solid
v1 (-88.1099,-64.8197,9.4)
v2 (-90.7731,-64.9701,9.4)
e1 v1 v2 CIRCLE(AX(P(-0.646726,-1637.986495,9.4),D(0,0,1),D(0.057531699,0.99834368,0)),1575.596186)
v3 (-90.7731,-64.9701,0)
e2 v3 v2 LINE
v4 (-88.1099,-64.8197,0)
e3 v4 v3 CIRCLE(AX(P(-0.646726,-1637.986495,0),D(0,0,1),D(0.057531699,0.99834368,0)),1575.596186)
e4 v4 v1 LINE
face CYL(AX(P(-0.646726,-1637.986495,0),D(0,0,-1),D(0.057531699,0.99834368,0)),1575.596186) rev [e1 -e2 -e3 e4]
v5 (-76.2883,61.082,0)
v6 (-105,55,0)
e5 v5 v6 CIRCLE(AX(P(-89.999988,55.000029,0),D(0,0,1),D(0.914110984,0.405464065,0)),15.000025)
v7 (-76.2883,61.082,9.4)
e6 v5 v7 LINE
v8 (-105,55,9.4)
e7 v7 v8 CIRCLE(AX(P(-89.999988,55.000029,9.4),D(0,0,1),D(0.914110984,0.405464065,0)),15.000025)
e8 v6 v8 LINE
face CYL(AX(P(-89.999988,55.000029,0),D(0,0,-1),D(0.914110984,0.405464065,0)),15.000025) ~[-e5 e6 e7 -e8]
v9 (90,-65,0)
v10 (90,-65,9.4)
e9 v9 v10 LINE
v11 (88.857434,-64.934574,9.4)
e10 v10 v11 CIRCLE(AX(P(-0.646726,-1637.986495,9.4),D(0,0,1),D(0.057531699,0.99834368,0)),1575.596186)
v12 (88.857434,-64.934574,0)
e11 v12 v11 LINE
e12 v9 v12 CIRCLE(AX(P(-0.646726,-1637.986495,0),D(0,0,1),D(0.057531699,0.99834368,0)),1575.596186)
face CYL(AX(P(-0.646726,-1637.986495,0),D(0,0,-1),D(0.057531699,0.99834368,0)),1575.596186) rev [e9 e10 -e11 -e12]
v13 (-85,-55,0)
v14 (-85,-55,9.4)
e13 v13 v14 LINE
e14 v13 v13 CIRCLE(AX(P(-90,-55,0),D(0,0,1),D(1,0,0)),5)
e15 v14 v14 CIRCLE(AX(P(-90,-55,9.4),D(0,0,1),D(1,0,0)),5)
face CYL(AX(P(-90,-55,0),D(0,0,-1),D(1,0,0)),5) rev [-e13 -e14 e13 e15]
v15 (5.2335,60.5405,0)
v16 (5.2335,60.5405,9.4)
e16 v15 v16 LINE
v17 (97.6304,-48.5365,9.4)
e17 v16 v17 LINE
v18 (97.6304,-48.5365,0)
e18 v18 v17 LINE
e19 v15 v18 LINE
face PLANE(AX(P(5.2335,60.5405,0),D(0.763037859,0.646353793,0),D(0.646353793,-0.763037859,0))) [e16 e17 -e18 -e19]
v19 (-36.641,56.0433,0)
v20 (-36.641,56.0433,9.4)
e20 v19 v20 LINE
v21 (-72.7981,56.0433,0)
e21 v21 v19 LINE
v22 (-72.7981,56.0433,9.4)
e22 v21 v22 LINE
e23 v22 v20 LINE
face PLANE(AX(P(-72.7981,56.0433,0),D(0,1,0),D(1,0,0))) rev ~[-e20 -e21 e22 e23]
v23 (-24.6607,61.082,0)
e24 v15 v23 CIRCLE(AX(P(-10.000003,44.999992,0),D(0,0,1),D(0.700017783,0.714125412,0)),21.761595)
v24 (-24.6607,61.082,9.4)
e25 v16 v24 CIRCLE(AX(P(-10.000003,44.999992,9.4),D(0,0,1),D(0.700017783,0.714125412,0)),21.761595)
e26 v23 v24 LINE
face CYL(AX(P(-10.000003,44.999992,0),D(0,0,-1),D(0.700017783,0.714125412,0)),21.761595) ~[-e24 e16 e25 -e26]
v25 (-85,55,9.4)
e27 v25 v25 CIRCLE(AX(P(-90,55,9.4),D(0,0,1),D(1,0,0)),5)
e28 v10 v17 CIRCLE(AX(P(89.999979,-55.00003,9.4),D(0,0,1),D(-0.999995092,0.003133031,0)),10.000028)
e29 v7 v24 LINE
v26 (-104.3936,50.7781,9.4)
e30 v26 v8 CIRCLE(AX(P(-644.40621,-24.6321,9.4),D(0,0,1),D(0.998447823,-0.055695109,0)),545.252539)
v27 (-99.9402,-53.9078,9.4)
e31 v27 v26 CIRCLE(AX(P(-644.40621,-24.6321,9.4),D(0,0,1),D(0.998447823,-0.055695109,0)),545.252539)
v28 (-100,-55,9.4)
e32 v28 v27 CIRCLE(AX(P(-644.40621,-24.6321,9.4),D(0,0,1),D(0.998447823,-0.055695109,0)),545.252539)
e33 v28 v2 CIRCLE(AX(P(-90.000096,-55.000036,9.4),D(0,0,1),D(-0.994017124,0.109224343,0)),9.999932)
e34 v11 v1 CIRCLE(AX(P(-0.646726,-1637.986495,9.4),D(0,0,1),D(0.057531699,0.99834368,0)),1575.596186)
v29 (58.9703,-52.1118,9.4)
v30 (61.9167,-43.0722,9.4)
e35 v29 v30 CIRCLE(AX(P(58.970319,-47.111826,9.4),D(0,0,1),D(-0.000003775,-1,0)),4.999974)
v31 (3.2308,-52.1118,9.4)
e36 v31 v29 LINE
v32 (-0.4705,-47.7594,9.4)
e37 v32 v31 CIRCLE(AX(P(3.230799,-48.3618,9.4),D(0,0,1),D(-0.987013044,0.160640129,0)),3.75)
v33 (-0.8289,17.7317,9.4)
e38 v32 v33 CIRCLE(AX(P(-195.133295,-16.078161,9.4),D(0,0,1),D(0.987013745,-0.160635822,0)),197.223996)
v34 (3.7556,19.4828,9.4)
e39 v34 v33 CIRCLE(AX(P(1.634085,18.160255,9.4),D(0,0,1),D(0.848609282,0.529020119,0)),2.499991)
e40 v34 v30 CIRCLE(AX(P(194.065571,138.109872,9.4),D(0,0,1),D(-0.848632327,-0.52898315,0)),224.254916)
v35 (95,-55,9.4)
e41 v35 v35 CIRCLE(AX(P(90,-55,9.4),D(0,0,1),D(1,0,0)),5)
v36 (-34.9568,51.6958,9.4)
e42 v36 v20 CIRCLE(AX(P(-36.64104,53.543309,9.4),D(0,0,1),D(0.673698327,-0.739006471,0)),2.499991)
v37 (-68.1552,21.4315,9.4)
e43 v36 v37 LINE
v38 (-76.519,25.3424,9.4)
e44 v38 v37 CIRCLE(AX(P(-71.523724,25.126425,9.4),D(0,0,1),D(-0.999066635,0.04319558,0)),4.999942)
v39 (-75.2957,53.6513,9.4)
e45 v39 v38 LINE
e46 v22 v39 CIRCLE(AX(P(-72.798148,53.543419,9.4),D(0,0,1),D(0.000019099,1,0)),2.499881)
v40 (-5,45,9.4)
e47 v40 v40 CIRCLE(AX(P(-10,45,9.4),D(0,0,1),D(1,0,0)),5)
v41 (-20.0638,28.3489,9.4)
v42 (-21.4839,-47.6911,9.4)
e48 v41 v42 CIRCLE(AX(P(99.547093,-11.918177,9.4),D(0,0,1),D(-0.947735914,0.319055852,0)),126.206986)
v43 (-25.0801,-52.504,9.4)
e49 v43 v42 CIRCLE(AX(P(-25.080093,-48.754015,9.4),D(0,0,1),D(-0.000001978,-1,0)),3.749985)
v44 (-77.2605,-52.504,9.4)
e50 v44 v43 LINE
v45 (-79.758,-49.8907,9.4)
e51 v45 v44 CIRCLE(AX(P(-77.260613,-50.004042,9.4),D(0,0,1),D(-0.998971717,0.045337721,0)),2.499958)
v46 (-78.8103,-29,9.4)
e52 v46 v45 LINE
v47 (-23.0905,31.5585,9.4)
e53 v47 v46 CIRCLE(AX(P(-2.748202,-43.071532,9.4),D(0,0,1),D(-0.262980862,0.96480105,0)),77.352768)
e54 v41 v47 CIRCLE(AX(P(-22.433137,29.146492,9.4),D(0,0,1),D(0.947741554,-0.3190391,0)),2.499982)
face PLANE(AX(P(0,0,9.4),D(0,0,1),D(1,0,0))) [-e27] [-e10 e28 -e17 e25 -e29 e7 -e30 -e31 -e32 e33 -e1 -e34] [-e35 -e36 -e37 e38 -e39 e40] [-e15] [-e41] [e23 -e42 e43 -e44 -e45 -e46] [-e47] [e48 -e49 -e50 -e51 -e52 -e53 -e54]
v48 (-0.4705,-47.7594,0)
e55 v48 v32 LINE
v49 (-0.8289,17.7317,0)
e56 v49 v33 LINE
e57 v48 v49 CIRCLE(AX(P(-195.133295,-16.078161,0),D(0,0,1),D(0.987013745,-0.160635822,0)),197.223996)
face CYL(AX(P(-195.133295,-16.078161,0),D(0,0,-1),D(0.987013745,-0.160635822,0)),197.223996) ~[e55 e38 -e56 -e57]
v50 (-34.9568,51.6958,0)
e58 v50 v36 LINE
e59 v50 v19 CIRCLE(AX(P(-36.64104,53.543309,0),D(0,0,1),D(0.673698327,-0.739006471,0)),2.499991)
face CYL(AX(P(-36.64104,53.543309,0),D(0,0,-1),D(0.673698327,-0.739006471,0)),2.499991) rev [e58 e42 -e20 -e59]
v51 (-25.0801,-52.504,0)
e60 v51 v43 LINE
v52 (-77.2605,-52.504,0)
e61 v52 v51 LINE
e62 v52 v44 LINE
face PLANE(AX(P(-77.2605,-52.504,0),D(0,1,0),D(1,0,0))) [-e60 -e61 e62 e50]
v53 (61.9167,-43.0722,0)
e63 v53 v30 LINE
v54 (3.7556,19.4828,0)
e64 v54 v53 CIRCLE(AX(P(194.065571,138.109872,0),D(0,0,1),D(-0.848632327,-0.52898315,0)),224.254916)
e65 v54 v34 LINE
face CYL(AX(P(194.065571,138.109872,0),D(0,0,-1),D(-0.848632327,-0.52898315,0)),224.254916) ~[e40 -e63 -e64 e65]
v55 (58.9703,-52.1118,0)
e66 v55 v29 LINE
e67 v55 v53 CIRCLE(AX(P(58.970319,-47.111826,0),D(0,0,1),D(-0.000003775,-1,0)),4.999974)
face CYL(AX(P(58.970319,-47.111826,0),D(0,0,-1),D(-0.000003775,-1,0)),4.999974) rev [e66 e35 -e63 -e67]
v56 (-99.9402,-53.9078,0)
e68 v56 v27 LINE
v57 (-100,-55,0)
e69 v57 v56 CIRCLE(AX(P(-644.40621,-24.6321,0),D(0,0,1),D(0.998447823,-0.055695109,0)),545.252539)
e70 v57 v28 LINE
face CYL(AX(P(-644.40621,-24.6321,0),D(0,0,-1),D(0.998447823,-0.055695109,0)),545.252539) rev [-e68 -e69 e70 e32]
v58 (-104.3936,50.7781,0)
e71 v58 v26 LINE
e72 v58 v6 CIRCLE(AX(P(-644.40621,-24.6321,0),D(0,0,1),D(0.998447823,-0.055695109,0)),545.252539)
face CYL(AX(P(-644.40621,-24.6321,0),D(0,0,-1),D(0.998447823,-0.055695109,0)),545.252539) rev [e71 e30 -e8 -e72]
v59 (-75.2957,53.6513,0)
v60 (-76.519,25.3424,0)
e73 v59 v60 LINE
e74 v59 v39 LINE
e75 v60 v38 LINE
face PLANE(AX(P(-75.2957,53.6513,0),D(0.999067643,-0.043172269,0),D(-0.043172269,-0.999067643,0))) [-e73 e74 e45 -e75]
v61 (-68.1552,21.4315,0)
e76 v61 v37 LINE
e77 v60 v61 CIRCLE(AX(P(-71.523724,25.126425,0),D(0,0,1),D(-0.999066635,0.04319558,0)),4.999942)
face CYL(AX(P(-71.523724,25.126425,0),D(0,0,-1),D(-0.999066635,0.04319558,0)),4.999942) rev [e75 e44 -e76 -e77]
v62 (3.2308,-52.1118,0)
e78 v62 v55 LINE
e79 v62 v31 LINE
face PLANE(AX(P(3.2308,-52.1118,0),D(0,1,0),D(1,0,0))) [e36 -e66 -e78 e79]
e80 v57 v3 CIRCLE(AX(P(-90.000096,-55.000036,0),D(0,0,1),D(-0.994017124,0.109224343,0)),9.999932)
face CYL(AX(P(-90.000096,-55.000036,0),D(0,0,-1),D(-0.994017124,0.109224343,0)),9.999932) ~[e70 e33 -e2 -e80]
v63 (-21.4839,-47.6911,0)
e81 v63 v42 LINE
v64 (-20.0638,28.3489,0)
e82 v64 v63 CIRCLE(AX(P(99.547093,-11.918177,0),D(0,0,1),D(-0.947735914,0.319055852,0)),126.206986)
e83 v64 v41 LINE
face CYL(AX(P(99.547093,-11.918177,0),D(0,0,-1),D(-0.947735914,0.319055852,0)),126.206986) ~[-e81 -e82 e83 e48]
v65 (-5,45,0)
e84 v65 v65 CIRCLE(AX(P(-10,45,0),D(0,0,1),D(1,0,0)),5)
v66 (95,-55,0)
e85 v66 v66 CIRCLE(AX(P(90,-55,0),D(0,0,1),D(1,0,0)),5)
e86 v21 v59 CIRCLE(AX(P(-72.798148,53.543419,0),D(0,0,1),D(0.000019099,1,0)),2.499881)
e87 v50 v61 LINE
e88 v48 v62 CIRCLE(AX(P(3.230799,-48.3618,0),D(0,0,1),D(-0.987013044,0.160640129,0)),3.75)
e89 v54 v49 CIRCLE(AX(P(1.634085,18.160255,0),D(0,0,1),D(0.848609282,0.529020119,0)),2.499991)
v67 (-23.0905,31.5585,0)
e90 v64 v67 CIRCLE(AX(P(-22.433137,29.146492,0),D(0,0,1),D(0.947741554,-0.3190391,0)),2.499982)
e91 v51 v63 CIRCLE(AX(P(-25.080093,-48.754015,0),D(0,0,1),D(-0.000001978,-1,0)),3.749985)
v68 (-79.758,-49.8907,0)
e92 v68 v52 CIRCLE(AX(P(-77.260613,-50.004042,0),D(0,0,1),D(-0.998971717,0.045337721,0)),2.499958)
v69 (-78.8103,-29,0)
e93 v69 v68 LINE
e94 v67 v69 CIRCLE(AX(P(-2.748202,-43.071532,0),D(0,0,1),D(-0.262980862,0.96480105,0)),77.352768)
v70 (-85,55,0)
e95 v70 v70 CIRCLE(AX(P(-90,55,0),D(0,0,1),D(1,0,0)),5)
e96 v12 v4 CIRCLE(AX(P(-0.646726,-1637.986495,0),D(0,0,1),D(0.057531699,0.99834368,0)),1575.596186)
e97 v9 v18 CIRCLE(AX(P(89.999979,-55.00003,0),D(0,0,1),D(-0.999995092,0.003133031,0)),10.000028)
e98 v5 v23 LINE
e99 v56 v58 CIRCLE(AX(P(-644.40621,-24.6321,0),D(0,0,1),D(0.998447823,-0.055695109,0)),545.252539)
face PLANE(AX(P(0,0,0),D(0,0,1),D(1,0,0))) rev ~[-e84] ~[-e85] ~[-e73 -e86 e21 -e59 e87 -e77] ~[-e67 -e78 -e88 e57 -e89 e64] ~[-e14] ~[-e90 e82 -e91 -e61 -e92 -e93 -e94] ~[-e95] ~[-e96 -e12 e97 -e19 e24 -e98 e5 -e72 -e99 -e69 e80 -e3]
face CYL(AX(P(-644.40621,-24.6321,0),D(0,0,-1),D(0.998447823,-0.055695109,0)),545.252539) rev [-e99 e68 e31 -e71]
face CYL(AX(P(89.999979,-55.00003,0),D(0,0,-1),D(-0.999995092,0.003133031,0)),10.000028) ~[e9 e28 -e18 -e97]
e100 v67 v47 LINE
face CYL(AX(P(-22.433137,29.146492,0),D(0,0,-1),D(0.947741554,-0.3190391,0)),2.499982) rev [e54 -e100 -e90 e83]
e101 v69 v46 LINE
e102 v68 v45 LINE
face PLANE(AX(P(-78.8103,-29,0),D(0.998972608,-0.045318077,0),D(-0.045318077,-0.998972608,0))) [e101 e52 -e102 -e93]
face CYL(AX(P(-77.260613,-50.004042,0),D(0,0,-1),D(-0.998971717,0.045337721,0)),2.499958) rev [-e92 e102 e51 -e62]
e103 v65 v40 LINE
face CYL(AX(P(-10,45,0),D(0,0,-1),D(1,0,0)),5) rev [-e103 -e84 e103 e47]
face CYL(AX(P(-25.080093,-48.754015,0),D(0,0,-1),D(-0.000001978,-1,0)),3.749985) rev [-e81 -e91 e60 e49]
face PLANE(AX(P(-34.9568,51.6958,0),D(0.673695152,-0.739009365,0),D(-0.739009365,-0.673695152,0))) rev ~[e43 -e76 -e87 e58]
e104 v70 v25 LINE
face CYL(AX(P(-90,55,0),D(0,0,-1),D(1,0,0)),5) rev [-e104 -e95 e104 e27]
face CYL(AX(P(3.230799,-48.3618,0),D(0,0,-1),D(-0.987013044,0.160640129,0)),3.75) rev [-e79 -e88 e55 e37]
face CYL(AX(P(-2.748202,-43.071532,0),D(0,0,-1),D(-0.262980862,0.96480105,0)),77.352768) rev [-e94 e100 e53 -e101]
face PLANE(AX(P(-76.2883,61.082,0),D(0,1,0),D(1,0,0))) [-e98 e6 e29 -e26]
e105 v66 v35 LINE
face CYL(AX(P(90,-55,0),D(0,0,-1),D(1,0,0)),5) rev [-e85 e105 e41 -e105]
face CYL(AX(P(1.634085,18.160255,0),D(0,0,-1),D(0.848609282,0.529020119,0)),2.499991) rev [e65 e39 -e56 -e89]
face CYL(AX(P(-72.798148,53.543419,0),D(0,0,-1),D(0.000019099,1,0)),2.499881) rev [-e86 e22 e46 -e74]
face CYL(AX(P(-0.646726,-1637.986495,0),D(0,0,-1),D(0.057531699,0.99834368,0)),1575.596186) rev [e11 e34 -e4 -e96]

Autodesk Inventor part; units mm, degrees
ref_plane "YZ Plane" through (0, 0, 0) normal (1, 0, 0) x (0, 1, 0)
ref_plane "XZ Plane" through (0, 0, 0) normal (0, 1, 0) x (-1, 0, 0)
ref_plane "XY Plane" through (0, 0, 0) normal (0, 0, 1) x (1, 0, 0)
sketch "Sketch1" plane through (0, 0, 0) normal (0, 0, 1) x (1, 0, 0)
  line L0 (-110, 70) -> (110, 70) construction
  line L1 (110, 70) -> (110, -70) construction
  line L2 (110, -70) -> (-110, -70) construction
  line L3 (-110, -70) -> (-110, 70) construction
  circle A0 centre (-90, 55) radius 5
  circle A1 centre (-90, -55) radius 5
  circle A2 centre (90, -55) radius 5
  circle A3 centre (-10, 45) radius 5
  line L4 (-67, 0) -> (-42, 0) construction
  line L5 (-42, 0) -> (-42, -30) construction
  line L6 (-42, -30) -> (-67, -30) construction
  line L7 (-67, -30) -> (-67, 0) construction
  circle A4 centre (-54.5, -19) radius 10 construction
  arc A5 (-76.2883, 61.082) -> (-104.3936, 50.7781) centre (-90, 55) ccw
  arc A6 (-99.9402, -53.9078) -> (-88.1099, -64.8197) centre (-90, -55) ccw
  arc A7 (-100, -55) -> (-105, 55) centre (-644.4063, -24.6321) ccw
  line L8 (-34.9568, 51.6958) -> (-68.1552, 21.4315)
  line L9 (-75.2957, 53.6513) -> (-76.519, 25.3424)
  line L10 (-78.8103, -29) -> (-79.758, -49.8907)
  arc A8 (80, -54.9687) -> (97.6304, -48.5365) centre (90, -55) ccw
  line L11 (5.2335, 60.5405) -> (97.6304, -48.5365)
  arc A9 (5.2335, 60.5405) -> (-24.6607, 61.082) centre (-10, 45) ccw
  arc A10 (-76.519, 25.3424) -> (-68.1552, 21.4315) centre (-71.5236, 25.1265) ccw
  line L12 (-76.2883, 61.082) -> (-24.6607, 61.082)
  line L13 (-72.7981, 56.0433) -> (-36.641, 56.0433)
  arc A11 (-72.7981, 56.0433) -> (-75.2957, 53.6513) centre (-72.7981, 53.5433) ccw
  arc A12 (-34.9568, 51.6958) -> (-36.641, 56.0433) centre (-36.641, 53.5433) ccw
  arc A13 (90, -65) -> (-90.7731, -64.9701) centre (-0.647, -1637.996) ccw
  arc A14 (-20.0638, 28.3489) -> (-21.4839, -47.6911) centre (99.5478, -11.9183) ccw
  arc A15 (-0.4705, -47.7594) -> (-0.8289, 17.7317) centre (-195.1328, -16.0782) ccw
  circle A16 centre (-63.5274, -9.3914) radius 3 construction
  circle A17 centre (-57.919, -6.3914) radius 3 construction
  circle A18 centre (-51.0643, -6.3914) radius 3 construction
  circle A19 centre (-45.5038, -9.3914) radius 3 construction
  arc A20 (-23.0905, 31.5585) -> (-78.8103, -29) centre (-2.7481, -43.0717) ccw
  line L14 (-77.2605, -52.504) -> (-25.0801, -52.504)
  line L15 (3.2308, -52.1118) -> (58.9703, -52.1118)
  arc A21 (-20.0638, 28.3489) -> (-23.0905, 31.5585) centre (-22.4331, 29.1465) ccw
  arc A22 (3.7556, 19.4828) -> (-0.8289, 17.7317) centre (1.6341, 18.1603) ccw
  arc A23 (-0.4705, -47.7594) -> (3.2308, -52.1118) centre (3.2308, -48.3618) ccw
  arc A24 (-25.0801, -52.504) -> (-21.4839, -47.6911) centre (-25.0801, -48.754) ccw
  arc A25 (58.9703, -52.1118) -> (61.9167, -43.0722) centre (58.9703, -47.1118) ccw
  arc A26 (3.7556, 19.4828) -> (61.9167, -43.0722) centre (194.066, 138.1102) ccw
  arc A27 (75.297, -52.1118) -> (80, -54.9687) centre (194.066, 138.1102) ccw
  arc A28 (-79.758, -49.8907) -> (-77.2605, -52.504) centre (-77.2605, -50.004) ccw
  point P0 (0, 0)
  dimension "d1" = 70
  dimension "d2" = 70
  dimension "d3" = 110
  dimension "d4" = 110
  dimension "d5" = 10
  dimension "d6" = 10
  dimension "d7" = 10
  dimension "d8" = 10
  dimension "d9" = 55
  dimension "d10" = 55
  dimension "d11" = 55
  dimension "d12" = 180
  dimension "d13" = 90
  dimension "d15" = 10
  dimension "d16" = 45
  dimension "d17" = 42
  dimension "d18" = 30
  dimension "d19" = 0
  dimension "d20" = 25
  dimension "d21" = 20
  dimension "d25" = 19
  dimension "d26" = 12.5
  dimension "d67" = 90
  dimension "d68" = 30
  dimension "d70" = 20
  dimension "d71" = 20
  dimension "d74" = 10
  dimension "d75" = 5
  dimension "d76" = 5
  dimension "d77" = 6
  dimension "d78" = 6
  dimension "d79" = 6
  dimension "d80" = 6
  dimension "d81" = 5
  dimension "d82" = 5
  dimension "d83" = 7.5
  dimension "d84" = 7.5
  dimension "d85" = 10
  dimension "d88" = 5
extrude "Extrusion8" add sketch "Sketch1" along normal blind 9.4 contours L12 A9 L11 A8 A13 A6 A7 A5
equation "\"d1\" = d2"
equation "\"d4\" = d3"
equation "\"d10\" = d9"
equation "\"d11\" = d9"
equation "\"d26\" = 0.5 * d20"
properties part number "Bracket Concept MK10"
